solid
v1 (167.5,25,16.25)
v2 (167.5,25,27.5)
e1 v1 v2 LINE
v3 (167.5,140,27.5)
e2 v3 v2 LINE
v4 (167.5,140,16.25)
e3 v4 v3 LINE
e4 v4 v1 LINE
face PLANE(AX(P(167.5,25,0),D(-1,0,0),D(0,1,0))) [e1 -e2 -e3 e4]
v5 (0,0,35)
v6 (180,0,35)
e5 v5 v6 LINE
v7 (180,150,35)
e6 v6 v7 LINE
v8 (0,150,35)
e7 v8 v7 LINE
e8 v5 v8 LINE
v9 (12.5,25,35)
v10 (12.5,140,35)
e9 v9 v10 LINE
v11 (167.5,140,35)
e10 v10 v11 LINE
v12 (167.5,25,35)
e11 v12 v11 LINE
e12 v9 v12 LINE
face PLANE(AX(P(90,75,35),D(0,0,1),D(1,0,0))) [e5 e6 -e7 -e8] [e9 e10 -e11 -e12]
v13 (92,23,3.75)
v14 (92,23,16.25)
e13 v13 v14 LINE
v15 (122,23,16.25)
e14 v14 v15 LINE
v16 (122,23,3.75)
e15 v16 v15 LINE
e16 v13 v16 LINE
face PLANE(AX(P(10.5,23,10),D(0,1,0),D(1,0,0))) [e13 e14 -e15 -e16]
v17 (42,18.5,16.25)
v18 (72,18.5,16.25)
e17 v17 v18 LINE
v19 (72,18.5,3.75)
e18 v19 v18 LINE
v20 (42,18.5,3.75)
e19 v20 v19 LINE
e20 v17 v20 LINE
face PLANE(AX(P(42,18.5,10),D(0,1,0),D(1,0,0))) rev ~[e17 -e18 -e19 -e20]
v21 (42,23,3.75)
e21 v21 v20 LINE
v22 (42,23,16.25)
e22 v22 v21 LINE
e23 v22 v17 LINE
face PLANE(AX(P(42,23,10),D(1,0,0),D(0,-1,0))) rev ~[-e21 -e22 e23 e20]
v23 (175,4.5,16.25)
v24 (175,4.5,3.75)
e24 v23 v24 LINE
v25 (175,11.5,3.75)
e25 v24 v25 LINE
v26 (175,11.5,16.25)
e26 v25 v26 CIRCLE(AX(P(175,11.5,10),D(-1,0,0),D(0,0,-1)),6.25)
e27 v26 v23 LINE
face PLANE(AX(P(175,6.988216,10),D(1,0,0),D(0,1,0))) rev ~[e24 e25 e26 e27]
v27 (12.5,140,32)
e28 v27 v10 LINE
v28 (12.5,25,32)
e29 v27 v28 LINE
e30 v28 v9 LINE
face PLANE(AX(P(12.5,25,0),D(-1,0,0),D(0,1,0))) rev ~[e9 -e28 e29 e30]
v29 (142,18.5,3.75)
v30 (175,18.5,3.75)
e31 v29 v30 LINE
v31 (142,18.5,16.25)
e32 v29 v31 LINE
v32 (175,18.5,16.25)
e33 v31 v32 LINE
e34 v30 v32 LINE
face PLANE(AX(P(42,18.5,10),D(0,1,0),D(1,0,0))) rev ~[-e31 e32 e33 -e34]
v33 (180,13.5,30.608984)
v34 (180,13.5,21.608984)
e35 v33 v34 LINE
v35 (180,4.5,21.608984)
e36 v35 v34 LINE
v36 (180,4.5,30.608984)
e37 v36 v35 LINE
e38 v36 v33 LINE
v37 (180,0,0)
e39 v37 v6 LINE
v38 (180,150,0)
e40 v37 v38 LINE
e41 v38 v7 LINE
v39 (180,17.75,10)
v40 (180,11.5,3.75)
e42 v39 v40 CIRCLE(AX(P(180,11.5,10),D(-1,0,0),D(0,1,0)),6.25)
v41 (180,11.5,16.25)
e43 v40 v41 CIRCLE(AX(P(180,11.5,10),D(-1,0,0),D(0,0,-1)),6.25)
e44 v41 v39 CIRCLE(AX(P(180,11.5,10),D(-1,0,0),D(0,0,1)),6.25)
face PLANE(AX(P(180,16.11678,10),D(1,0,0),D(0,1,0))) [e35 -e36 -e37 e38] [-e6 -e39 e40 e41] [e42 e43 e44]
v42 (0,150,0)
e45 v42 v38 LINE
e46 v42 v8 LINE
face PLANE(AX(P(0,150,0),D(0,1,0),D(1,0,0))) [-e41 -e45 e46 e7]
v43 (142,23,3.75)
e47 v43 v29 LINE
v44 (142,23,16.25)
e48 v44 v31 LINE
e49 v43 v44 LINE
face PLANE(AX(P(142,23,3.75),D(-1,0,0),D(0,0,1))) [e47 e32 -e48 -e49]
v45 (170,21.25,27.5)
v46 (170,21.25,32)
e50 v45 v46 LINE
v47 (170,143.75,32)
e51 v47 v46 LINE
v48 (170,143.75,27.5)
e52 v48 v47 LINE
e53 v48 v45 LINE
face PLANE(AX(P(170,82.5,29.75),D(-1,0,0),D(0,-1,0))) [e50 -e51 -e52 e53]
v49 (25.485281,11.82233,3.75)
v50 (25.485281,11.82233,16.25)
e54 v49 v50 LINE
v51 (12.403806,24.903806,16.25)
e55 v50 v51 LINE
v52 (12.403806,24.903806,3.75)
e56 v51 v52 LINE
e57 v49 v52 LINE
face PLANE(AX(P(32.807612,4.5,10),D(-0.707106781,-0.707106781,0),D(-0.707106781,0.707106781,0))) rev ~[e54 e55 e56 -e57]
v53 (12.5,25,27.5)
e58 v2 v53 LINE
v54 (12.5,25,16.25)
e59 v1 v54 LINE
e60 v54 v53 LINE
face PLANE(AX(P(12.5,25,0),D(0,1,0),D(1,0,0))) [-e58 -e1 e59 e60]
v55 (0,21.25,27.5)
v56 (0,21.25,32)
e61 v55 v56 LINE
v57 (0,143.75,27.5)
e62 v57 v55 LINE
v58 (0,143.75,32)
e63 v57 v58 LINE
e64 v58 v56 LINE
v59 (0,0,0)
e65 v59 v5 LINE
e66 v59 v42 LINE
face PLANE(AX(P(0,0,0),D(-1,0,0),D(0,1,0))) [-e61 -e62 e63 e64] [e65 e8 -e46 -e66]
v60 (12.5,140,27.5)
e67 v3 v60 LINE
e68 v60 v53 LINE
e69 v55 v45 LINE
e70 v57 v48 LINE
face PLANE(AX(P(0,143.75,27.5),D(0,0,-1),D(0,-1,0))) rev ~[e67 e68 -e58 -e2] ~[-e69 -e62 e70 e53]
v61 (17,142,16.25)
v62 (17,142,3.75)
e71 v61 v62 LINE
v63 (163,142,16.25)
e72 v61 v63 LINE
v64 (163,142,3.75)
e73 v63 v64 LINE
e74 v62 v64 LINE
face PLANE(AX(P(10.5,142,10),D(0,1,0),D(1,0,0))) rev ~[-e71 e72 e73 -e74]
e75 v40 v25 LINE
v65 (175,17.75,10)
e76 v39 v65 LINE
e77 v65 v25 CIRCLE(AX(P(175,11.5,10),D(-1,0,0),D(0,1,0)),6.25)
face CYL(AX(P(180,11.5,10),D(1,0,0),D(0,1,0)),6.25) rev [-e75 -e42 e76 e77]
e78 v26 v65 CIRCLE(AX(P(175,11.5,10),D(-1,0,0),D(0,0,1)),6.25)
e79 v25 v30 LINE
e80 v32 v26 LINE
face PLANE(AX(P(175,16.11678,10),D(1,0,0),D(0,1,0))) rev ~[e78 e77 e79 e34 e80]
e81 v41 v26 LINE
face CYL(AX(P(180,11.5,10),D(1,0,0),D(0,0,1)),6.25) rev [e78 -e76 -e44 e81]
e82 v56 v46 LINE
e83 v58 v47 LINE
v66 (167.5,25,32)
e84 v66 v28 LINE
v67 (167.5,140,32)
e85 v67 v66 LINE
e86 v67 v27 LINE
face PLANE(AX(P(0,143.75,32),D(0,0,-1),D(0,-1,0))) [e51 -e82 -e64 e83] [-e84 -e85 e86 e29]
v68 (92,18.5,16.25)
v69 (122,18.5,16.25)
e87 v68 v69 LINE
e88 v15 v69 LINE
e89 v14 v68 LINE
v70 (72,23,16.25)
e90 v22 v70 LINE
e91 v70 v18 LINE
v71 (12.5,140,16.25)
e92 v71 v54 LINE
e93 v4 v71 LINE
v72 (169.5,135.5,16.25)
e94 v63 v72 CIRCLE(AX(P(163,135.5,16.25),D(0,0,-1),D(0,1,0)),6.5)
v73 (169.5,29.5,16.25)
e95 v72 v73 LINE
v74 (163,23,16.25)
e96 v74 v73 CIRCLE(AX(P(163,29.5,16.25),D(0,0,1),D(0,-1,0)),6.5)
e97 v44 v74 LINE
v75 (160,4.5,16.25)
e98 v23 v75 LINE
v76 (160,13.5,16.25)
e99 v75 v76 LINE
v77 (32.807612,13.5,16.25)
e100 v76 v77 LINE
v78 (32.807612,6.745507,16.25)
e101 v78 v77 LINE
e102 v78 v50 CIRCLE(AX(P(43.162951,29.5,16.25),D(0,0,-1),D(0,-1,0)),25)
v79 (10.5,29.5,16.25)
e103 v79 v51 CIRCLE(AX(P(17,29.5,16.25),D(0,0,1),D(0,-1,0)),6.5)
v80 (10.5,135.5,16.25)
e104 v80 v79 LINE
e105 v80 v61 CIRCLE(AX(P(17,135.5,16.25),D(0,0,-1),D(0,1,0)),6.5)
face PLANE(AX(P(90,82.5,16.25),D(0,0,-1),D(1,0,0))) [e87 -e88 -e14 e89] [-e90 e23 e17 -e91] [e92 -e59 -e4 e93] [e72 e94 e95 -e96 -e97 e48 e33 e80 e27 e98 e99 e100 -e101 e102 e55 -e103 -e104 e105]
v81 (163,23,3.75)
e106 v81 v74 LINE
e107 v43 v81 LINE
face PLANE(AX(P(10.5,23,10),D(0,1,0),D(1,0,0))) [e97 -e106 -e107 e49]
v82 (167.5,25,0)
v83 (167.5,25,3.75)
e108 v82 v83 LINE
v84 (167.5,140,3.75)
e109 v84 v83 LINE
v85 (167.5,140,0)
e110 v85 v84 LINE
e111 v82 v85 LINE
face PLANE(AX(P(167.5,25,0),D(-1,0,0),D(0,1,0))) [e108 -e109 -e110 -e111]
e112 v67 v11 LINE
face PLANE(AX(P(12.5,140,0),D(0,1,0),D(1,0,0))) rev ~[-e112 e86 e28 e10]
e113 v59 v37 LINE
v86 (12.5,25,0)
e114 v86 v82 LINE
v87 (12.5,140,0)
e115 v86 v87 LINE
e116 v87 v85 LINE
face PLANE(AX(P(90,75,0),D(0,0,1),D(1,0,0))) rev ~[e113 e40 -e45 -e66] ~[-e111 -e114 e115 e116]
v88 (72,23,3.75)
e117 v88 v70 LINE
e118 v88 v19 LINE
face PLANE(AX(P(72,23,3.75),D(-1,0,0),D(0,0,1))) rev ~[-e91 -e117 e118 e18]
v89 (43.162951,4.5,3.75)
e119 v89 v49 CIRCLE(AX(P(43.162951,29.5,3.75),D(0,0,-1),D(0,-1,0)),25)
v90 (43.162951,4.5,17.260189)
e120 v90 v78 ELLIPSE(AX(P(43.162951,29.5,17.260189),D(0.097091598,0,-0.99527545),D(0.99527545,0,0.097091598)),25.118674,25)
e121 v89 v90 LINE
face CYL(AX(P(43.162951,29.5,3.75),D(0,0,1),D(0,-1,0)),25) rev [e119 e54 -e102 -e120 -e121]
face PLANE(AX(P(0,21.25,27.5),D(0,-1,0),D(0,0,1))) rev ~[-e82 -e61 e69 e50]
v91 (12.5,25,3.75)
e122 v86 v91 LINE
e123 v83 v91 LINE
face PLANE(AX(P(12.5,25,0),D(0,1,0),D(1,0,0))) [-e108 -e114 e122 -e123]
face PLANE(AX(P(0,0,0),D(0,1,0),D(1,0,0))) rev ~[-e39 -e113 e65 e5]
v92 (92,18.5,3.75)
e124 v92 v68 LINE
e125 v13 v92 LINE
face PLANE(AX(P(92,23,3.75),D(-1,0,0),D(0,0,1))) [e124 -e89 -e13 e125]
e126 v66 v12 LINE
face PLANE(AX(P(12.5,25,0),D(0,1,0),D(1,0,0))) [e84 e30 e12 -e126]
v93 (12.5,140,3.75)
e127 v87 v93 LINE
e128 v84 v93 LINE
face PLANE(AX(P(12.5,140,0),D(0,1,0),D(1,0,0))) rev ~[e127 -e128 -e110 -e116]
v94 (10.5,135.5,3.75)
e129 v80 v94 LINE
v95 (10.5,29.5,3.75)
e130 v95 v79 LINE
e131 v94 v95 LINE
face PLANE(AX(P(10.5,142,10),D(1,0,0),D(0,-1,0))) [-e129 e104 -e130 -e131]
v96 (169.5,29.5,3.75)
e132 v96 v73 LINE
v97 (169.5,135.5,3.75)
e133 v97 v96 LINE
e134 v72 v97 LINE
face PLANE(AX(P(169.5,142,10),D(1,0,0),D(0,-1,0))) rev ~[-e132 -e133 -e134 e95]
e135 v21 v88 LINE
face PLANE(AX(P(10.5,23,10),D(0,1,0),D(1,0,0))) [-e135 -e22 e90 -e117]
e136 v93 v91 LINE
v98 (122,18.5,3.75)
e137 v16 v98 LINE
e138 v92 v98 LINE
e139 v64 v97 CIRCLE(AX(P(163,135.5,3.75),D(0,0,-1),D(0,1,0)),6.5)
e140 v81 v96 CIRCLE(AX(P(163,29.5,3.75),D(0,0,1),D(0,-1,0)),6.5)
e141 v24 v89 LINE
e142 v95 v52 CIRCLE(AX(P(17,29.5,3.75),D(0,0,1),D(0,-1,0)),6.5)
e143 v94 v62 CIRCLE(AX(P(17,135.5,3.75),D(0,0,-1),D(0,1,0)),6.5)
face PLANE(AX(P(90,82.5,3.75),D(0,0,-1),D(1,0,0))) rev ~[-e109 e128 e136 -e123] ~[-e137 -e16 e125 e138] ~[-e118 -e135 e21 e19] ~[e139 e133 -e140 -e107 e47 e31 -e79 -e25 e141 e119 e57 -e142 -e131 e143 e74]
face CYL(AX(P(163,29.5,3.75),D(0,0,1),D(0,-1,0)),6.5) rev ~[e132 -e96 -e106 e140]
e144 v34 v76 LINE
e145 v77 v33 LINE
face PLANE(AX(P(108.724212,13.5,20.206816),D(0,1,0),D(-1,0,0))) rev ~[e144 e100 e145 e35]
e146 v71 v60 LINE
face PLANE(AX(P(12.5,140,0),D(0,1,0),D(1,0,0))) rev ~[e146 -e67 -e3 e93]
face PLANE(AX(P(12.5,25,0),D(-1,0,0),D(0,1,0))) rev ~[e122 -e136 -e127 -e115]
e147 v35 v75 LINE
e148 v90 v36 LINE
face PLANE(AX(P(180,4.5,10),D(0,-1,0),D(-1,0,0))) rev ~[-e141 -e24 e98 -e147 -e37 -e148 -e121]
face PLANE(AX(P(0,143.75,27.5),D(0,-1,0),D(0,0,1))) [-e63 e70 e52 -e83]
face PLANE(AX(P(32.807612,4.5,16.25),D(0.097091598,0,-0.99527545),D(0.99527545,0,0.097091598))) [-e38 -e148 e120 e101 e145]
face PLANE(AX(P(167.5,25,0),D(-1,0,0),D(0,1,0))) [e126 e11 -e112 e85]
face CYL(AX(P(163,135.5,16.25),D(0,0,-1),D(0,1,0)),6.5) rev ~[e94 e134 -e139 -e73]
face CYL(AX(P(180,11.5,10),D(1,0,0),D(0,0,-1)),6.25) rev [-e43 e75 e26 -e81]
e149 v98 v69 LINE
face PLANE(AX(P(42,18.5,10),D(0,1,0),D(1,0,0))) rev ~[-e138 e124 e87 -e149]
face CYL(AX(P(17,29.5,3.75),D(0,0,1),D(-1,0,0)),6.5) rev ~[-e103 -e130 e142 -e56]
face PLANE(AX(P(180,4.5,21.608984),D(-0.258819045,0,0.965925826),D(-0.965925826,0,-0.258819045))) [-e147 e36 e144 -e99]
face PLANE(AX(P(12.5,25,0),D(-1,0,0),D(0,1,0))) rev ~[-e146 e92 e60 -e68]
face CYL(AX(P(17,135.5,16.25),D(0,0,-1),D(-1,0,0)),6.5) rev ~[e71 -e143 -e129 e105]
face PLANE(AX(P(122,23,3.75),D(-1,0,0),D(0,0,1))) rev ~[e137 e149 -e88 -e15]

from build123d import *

# Parameters (mm, degrees)
F0_W      = 180
F0_H      = 150
F0_W_2    = 155
F0_H_2    = 115
F1_DEPTH  = 35
F2_W      = 122.5
F2_H      = 4.5
F3_DEPTH  = 170
F5_W      = 159
F5_H      = 119
F6_DEPTH  = 6.25
F7_R      = 6.5
F9_DEPTH  = 6.25
F11_DEPTH = 9
F12_R     = 25
F14_DEPTH = 5
F15_W     = 20
F15_H     = 12.5
F16_DEPTH = 4.5


with BuildPart() as f1:
    # F0 (on Top) → F1 (new body)
    with BuildSketch(Plane.XY):
        with Locations((90, 75)):
            Rectangle(F0_W, F0_H)
        with Locations((90, 82.5)):
            Rectangle(F0_W_2, F0_H_2, mode=Mode.SUBTRACT)
    extrude(amount=F1_DEPTH)

    # F2 (on face) → F3 (cut)
    with BuildSketch(Plane(origin=(0, 0, 0), x_dir=(0, -1, 0), z_dir=(-1, 0, 0))):
        with Locations((-82.5, 29.75)):
            Rectangle(F2_W, F2_H)
    extrude(amount=-F3_DEPTH, mode=Mode.SUBTRACT)

    # F5 (on offset) → F6 (cut, symmetric)
    with BuildSketch(Plane(origin=(0, 0, 10), x_dir=(1, 0, 0), z_dir=(0, 0, -1))):
        with Locations((90, -82.5)):
            Rectangle(F5_W, F5_H)
    extrude(amount=F6_DEPTH, both=True, mode=Mode.SUBTRACT)

    # F7
    f7_edges = [f1.edges().sort_by_distance(p)[0] for p in [
        (169.5, 142, 10),
        (10.5, 142, 10),
        (10.5, 23, 10),
        (169.5, 23, 10),
    ]]
    fillet(f7_edges, radius=F7_R)

    # F8 (on offset) → F9 (cut, symmetric)
    with BuildSketch(Plane(origin=(0, 0, 10), x_dir=(1, 0, 0), z_dir=(0, 0, -1))):
        with BuildLine():
            Line((32.8076118446, -4.5), (12.4038059223, -24.9038059223))
            ThreePointArc((12.4038059223, -24.9038059223), (14.5125576896, -23.4947830387), (17, -23))
            Line((17, -23), (42, -23))
            Line((42, -23), (42, -18.5))
            Line((42, -18.5), (180, -18.5))
            Line((180, -18.5), (180, -4.5))
            Line((180, -4.5), (32.8076118446, -4.5))
        make_face()
    extrude(amount=F9_DEPTH, both=True, mode=Mode.SUBTRACT)

    # F10 (on face) → F11 (cut)
    with BuildSketch(Plane(origin=(0, 4.5, 0), x_dir=(-1, 0, 0), z_dir=(0, 1, 0))):
        Polygon((-160, 16.25), (-125.2266702536, 16.25), (-32.8076118446, 16.25), (-180, 30.6089838486), (-180, 21.6089838486), align=None)
    extrude(amount=F11_DEPTH, mode=Mode.SUBTRACT)

    # F12
    f12_edges = [f1.edges().sort_by_distance(p)[0] for p in [
        (32.807612, 4.5, 10),
    ]]
    fillet(f12_edges, radius=F12_R)

    # F13 (on face) → F14 (join)
    with BuildSketch(Plane.YZ.offset(180)):
        with BuildLine():
            ThreePointArc((11.5, 16.25), (15.9194173824, 14.4194173824), (17.75, 10))
            ThreePointArc((17.75, 10), (15.9194173824, 5.5805826176), (11.5, 3.75))
            Line((11.5, 3.75), (18.5, 3.75))
            Line((18.5, 3.75), (18.5, 16.25))
            Line((18.5, 16.25), (11.5, 16.25))
        make_face()
        with BuildLine():
            ThreePointArc((11.5, 3.75), (5.25, 10), (11.5, 16.25))
            Line((11.5, 16.25), (4.5, 16.25))
            Line((4.5, 16.25), (4.5, 3.75))
            Line((4.5, 3.75), (11.5, 3.75))
        make_face()
    extrude(amount=-F14_DEPTH)

    # F15 (on face) → F16 (cut, through all)
    with BuildSketch(Plane(origin=(0, 23, 0), x_dir=(-1, 0, 0), z_dir=(0, 1, 0))):
        with Locations((-132, 10)):
            Rectangle(F15_W, F15_H)
        with Locations((-82, 10)):
            Rectangle(F15_W, F15_H)
    extrude(amount=-F16_DEPTH, mode=Mode.SUBTRACT)


solid = f1.part
